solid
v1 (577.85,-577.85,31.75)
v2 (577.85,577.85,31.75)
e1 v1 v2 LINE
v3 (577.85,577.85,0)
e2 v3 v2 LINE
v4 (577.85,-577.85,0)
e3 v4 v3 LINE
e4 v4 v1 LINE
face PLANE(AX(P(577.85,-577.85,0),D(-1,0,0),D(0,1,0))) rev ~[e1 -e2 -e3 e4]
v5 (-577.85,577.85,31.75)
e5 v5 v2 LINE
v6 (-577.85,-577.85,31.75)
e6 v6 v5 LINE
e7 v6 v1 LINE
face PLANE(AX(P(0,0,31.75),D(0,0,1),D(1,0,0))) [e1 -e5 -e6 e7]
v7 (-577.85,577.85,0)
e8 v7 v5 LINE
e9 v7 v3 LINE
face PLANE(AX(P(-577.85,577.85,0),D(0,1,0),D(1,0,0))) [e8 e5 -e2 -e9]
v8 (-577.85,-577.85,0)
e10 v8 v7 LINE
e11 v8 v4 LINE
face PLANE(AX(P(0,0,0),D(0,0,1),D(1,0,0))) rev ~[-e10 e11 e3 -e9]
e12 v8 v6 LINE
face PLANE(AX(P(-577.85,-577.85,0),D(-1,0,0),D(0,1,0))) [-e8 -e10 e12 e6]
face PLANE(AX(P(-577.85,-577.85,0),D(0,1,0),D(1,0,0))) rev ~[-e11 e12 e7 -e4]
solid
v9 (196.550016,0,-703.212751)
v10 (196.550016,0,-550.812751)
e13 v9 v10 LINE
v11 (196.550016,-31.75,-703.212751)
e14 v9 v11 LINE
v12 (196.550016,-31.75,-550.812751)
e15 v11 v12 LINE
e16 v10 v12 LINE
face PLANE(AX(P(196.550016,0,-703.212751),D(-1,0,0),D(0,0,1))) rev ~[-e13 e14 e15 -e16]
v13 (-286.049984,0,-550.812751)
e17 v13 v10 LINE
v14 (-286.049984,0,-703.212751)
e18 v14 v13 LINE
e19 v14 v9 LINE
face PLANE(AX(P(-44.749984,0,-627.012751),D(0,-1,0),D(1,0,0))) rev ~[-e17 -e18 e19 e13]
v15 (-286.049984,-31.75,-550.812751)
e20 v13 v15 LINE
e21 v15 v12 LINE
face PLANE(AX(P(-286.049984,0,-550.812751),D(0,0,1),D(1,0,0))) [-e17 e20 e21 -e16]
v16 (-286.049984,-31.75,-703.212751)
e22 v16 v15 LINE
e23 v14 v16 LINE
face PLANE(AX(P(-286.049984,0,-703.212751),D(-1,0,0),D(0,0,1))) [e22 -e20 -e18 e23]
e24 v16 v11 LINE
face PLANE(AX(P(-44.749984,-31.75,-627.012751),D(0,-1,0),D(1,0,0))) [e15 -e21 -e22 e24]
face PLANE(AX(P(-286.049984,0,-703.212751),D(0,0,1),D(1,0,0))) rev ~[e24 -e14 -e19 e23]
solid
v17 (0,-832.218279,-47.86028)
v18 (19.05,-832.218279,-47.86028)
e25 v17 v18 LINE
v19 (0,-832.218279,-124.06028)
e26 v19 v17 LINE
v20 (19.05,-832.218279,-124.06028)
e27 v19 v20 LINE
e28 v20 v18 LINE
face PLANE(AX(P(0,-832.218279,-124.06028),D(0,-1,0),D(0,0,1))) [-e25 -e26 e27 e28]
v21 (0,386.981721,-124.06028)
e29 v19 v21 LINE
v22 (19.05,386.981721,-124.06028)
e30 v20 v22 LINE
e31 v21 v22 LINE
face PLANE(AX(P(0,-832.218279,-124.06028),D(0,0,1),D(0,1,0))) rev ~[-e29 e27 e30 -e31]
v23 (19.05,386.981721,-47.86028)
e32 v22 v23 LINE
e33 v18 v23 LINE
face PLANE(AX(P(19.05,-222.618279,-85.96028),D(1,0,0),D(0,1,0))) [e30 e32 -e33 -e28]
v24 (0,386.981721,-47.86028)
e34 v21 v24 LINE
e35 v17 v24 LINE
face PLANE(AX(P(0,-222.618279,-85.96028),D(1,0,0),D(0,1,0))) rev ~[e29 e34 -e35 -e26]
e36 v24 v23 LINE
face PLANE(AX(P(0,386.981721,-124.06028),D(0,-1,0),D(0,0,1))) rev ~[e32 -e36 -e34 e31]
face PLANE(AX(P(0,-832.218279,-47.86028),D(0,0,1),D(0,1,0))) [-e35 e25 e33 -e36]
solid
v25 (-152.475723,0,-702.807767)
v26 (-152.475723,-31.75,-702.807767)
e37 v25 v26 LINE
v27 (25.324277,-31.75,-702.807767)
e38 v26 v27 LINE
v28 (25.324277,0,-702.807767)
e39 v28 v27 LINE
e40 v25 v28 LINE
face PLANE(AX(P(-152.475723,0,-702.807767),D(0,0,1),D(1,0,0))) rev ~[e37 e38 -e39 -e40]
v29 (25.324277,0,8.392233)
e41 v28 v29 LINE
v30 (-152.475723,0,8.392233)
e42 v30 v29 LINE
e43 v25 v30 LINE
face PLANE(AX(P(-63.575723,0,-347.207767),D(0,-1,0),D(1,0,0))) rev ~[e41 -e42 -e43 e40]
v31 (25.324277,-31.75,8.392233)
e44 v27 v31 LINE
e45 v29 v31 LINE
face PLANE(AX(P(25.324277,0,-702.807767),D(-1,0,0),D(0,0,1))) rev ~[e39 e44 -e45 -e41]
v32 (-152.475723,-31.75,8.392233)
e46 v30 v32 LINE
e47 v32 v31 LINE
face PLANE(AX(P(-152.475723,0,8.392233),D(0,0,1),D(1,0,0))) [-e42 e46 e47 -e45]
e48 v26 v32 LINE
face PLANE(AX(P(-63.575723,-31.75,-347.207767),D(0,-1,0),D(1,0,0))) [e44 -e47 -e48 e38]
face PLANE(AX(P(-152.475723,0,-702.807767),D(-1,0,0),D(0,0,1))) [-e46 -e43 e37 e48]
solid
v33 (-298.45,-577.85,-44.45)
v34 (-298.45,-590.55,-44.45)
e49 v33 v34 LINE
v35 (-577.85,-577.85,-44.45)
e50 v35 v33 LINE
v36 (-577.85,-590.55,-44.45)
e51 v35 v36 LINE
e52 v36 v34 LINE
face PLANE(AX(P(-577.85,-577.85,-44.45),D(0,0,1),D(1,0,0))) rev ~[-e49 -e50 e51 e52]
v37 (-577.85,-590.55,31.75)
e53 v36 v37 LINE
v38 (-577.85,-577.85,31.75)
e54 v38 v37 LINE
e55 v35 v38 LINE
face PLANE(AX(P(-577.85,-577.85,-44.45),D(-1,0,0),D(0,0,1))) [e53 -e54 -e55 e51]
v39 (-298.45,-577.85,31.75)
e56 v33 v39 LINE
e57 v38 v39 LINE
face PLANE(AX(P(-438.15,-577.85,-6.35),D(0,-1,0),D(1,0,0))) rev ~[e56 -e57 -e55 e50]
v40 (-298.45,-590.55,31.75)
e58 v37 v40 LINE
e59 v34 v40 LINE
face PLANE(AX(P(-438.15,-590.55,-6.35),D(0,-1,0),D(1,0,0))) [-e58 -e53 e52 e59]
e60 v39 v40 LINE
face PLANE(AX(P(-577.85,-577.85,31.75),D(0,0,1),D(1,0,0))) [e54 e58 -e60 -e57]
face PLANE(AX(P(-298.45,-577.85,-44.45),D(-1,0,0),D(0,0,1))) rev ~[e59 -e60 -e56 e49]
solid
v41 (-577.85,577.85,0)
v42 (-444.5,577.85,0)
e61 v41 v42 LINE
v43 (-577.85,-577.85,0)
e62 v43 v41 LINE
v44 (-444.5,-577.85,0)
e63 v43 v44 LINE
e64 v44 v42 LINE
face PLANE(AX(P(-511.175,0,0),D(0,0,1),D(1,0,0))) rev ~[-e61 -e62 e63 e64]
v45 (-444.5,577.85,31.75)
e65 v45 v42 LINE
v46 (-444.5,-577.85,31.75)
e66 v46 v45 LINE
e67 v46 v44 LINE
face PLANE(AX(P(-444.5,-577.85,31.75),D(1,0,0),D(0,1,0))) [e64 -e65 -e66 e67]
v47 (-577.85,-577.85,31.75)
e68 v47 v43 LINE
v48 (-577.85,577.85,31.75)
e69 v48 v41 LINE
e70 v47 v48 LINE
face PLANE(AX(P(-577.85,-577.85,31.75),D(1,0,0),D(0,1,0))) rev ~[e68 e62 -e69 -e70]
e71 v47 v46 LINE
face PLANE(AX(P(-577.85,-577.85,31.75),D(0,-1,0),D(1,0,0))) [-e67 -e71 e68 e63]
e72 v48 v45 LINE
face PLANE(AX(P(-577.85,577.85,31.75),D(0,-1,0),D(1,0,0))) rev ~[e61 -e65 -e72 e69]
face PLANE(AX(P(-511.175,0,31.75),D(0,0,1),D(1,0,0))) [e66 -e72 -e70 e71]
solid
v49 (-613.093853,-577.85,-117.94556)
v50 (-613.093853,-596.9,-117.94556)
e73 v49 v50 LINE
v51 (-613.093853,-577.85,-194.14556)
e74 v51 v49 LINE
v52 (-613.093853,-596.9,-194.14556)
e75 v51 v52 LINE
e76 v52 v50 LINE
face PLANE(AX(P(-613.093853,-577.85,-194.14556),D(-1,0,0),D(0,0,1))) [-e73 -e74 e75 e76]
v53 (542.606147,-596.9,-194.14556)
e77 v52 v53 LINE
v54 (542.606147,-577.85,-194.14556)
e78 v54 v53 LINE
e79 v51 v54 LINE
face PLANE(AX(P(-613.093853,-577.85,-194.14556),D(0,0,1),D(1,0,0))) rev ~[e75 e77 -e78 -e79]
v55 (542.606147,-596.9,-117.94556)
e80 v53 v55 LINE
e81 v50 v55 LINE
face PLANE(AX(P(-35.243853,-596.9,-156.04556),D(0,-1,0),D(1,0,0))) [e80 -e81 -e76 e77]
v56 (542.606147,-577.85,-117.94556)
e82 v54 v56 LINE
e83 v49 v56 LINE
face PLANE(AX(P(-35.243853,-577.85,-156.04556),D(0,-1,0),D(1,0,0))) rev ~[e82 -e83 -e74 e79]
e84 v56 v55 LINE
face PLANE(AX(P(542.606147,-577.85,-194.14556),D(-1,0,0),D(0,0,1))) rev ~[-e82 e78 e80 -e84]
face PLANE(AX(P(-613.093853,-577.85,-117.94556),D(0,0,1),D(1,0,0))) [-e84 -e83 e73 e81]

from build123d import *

# Parameters (mm, degrees)
F0_W      = 1155.7
F0_H      = 1155.7
F1_DEPTH  = 31.75
F4_W      = 177.8
F4_H      = 711.2
F5_DEPTH  = 31.75
F6_W      = 133.35
F6_H      = 1155.7
F7_DEPTH  = 31.75
F3_W      = 279.4
F3_H      = 76.2
F8_DEPTH  = 12.7
F2_W      = 208.7145904064
F2_H      = 31.75
F9_DEPTH  = 19.05
F2_W_2    = 1155.7
F2_H_2    = 76.2
F11_W     = 1219.2
F11_H     = 76.2
F12_DEPTH = 19.05
F13_W     = 482.6
F13_H     = 152.4
F14_DEPTH = 31.75


with BuildPart() as f1:
    # F0 (on Top) → F1 (new body)
    with BuildSketch(Plane.XY):
        Rectangle(F0_W, F0_H)
    extrude(amount=F1_DEPTH)


with BuildPart() as f5:
    # F4 (on Front) → F5 (new body)
    with BuildSketch(Plane.XZ):
        with Locations((-63.575723362, -347.2077669195)):
            Rectangle(F4_W, F4_H)
    extrude(amount=F5_DEPTH)


with BuildPart() as f7:
    # F6 (on face) → F7 (new body)
    with BuildSketch(Plane.XY.offset(31.75)):
        with Locations((-511.175, 0)):
            Rectangle(F6_W, F6_H)
    extrude(amount=-F7_DEPTH)


with BuildPart() as f8:
    # F3 (on face) → F8 (new body)
    with BuildSketch(Plane.XZ.offset(577.85)):
        with Locations((-438.15, -6.35)):
            Rectangle(F3_W, F3_H)
    extrude(amount=F8_DEPTH)


with BuildPart() as f9:
    # F2 (on face) → F9 (new body)
    with BuildSketch(Plane.XZ.offset(577.85)):
        with Locations((473.4927047968, 15.875)):
            Rectangle(F2_W, F2_H)
    extrude(amount=F9_DEPTH)


with BuildPart() as f9b:
    # F2 (on face) → F9, piece 2 (new body)
    with BuildSketch(Plane.XZ.offset(577.85)):
        with Locations((-35.2438529968, -156.0455602646)):
            Rectangle(F2_W_2, F2_H_2)
    extrude(amount=F9_DEPTH)


with BuildPart() as f12:
    # F11 (on Right) → F12 (new body)
    with BuildSketch(Plane.YZ):
        with Locations((-222.6182788968, -85.9602801323)):
            Rectangle(F11_W, F11_H)
    extrude(amount=F12_DEPTH)


with BuildPart() as f14:
    # F13 (on Front) → F14 (new body)
    with BuildSketch(Plane.XZ):
        with Locations((-44.7499839599, -627.0127509117)):
            Rectangle(F13_W, F13_H)
    extrude(amount=F14_DEPTH)


solid = Compound([f1.part, f5.part, f7.part, f8.part, f9b.part, f12.part, f14.part])
